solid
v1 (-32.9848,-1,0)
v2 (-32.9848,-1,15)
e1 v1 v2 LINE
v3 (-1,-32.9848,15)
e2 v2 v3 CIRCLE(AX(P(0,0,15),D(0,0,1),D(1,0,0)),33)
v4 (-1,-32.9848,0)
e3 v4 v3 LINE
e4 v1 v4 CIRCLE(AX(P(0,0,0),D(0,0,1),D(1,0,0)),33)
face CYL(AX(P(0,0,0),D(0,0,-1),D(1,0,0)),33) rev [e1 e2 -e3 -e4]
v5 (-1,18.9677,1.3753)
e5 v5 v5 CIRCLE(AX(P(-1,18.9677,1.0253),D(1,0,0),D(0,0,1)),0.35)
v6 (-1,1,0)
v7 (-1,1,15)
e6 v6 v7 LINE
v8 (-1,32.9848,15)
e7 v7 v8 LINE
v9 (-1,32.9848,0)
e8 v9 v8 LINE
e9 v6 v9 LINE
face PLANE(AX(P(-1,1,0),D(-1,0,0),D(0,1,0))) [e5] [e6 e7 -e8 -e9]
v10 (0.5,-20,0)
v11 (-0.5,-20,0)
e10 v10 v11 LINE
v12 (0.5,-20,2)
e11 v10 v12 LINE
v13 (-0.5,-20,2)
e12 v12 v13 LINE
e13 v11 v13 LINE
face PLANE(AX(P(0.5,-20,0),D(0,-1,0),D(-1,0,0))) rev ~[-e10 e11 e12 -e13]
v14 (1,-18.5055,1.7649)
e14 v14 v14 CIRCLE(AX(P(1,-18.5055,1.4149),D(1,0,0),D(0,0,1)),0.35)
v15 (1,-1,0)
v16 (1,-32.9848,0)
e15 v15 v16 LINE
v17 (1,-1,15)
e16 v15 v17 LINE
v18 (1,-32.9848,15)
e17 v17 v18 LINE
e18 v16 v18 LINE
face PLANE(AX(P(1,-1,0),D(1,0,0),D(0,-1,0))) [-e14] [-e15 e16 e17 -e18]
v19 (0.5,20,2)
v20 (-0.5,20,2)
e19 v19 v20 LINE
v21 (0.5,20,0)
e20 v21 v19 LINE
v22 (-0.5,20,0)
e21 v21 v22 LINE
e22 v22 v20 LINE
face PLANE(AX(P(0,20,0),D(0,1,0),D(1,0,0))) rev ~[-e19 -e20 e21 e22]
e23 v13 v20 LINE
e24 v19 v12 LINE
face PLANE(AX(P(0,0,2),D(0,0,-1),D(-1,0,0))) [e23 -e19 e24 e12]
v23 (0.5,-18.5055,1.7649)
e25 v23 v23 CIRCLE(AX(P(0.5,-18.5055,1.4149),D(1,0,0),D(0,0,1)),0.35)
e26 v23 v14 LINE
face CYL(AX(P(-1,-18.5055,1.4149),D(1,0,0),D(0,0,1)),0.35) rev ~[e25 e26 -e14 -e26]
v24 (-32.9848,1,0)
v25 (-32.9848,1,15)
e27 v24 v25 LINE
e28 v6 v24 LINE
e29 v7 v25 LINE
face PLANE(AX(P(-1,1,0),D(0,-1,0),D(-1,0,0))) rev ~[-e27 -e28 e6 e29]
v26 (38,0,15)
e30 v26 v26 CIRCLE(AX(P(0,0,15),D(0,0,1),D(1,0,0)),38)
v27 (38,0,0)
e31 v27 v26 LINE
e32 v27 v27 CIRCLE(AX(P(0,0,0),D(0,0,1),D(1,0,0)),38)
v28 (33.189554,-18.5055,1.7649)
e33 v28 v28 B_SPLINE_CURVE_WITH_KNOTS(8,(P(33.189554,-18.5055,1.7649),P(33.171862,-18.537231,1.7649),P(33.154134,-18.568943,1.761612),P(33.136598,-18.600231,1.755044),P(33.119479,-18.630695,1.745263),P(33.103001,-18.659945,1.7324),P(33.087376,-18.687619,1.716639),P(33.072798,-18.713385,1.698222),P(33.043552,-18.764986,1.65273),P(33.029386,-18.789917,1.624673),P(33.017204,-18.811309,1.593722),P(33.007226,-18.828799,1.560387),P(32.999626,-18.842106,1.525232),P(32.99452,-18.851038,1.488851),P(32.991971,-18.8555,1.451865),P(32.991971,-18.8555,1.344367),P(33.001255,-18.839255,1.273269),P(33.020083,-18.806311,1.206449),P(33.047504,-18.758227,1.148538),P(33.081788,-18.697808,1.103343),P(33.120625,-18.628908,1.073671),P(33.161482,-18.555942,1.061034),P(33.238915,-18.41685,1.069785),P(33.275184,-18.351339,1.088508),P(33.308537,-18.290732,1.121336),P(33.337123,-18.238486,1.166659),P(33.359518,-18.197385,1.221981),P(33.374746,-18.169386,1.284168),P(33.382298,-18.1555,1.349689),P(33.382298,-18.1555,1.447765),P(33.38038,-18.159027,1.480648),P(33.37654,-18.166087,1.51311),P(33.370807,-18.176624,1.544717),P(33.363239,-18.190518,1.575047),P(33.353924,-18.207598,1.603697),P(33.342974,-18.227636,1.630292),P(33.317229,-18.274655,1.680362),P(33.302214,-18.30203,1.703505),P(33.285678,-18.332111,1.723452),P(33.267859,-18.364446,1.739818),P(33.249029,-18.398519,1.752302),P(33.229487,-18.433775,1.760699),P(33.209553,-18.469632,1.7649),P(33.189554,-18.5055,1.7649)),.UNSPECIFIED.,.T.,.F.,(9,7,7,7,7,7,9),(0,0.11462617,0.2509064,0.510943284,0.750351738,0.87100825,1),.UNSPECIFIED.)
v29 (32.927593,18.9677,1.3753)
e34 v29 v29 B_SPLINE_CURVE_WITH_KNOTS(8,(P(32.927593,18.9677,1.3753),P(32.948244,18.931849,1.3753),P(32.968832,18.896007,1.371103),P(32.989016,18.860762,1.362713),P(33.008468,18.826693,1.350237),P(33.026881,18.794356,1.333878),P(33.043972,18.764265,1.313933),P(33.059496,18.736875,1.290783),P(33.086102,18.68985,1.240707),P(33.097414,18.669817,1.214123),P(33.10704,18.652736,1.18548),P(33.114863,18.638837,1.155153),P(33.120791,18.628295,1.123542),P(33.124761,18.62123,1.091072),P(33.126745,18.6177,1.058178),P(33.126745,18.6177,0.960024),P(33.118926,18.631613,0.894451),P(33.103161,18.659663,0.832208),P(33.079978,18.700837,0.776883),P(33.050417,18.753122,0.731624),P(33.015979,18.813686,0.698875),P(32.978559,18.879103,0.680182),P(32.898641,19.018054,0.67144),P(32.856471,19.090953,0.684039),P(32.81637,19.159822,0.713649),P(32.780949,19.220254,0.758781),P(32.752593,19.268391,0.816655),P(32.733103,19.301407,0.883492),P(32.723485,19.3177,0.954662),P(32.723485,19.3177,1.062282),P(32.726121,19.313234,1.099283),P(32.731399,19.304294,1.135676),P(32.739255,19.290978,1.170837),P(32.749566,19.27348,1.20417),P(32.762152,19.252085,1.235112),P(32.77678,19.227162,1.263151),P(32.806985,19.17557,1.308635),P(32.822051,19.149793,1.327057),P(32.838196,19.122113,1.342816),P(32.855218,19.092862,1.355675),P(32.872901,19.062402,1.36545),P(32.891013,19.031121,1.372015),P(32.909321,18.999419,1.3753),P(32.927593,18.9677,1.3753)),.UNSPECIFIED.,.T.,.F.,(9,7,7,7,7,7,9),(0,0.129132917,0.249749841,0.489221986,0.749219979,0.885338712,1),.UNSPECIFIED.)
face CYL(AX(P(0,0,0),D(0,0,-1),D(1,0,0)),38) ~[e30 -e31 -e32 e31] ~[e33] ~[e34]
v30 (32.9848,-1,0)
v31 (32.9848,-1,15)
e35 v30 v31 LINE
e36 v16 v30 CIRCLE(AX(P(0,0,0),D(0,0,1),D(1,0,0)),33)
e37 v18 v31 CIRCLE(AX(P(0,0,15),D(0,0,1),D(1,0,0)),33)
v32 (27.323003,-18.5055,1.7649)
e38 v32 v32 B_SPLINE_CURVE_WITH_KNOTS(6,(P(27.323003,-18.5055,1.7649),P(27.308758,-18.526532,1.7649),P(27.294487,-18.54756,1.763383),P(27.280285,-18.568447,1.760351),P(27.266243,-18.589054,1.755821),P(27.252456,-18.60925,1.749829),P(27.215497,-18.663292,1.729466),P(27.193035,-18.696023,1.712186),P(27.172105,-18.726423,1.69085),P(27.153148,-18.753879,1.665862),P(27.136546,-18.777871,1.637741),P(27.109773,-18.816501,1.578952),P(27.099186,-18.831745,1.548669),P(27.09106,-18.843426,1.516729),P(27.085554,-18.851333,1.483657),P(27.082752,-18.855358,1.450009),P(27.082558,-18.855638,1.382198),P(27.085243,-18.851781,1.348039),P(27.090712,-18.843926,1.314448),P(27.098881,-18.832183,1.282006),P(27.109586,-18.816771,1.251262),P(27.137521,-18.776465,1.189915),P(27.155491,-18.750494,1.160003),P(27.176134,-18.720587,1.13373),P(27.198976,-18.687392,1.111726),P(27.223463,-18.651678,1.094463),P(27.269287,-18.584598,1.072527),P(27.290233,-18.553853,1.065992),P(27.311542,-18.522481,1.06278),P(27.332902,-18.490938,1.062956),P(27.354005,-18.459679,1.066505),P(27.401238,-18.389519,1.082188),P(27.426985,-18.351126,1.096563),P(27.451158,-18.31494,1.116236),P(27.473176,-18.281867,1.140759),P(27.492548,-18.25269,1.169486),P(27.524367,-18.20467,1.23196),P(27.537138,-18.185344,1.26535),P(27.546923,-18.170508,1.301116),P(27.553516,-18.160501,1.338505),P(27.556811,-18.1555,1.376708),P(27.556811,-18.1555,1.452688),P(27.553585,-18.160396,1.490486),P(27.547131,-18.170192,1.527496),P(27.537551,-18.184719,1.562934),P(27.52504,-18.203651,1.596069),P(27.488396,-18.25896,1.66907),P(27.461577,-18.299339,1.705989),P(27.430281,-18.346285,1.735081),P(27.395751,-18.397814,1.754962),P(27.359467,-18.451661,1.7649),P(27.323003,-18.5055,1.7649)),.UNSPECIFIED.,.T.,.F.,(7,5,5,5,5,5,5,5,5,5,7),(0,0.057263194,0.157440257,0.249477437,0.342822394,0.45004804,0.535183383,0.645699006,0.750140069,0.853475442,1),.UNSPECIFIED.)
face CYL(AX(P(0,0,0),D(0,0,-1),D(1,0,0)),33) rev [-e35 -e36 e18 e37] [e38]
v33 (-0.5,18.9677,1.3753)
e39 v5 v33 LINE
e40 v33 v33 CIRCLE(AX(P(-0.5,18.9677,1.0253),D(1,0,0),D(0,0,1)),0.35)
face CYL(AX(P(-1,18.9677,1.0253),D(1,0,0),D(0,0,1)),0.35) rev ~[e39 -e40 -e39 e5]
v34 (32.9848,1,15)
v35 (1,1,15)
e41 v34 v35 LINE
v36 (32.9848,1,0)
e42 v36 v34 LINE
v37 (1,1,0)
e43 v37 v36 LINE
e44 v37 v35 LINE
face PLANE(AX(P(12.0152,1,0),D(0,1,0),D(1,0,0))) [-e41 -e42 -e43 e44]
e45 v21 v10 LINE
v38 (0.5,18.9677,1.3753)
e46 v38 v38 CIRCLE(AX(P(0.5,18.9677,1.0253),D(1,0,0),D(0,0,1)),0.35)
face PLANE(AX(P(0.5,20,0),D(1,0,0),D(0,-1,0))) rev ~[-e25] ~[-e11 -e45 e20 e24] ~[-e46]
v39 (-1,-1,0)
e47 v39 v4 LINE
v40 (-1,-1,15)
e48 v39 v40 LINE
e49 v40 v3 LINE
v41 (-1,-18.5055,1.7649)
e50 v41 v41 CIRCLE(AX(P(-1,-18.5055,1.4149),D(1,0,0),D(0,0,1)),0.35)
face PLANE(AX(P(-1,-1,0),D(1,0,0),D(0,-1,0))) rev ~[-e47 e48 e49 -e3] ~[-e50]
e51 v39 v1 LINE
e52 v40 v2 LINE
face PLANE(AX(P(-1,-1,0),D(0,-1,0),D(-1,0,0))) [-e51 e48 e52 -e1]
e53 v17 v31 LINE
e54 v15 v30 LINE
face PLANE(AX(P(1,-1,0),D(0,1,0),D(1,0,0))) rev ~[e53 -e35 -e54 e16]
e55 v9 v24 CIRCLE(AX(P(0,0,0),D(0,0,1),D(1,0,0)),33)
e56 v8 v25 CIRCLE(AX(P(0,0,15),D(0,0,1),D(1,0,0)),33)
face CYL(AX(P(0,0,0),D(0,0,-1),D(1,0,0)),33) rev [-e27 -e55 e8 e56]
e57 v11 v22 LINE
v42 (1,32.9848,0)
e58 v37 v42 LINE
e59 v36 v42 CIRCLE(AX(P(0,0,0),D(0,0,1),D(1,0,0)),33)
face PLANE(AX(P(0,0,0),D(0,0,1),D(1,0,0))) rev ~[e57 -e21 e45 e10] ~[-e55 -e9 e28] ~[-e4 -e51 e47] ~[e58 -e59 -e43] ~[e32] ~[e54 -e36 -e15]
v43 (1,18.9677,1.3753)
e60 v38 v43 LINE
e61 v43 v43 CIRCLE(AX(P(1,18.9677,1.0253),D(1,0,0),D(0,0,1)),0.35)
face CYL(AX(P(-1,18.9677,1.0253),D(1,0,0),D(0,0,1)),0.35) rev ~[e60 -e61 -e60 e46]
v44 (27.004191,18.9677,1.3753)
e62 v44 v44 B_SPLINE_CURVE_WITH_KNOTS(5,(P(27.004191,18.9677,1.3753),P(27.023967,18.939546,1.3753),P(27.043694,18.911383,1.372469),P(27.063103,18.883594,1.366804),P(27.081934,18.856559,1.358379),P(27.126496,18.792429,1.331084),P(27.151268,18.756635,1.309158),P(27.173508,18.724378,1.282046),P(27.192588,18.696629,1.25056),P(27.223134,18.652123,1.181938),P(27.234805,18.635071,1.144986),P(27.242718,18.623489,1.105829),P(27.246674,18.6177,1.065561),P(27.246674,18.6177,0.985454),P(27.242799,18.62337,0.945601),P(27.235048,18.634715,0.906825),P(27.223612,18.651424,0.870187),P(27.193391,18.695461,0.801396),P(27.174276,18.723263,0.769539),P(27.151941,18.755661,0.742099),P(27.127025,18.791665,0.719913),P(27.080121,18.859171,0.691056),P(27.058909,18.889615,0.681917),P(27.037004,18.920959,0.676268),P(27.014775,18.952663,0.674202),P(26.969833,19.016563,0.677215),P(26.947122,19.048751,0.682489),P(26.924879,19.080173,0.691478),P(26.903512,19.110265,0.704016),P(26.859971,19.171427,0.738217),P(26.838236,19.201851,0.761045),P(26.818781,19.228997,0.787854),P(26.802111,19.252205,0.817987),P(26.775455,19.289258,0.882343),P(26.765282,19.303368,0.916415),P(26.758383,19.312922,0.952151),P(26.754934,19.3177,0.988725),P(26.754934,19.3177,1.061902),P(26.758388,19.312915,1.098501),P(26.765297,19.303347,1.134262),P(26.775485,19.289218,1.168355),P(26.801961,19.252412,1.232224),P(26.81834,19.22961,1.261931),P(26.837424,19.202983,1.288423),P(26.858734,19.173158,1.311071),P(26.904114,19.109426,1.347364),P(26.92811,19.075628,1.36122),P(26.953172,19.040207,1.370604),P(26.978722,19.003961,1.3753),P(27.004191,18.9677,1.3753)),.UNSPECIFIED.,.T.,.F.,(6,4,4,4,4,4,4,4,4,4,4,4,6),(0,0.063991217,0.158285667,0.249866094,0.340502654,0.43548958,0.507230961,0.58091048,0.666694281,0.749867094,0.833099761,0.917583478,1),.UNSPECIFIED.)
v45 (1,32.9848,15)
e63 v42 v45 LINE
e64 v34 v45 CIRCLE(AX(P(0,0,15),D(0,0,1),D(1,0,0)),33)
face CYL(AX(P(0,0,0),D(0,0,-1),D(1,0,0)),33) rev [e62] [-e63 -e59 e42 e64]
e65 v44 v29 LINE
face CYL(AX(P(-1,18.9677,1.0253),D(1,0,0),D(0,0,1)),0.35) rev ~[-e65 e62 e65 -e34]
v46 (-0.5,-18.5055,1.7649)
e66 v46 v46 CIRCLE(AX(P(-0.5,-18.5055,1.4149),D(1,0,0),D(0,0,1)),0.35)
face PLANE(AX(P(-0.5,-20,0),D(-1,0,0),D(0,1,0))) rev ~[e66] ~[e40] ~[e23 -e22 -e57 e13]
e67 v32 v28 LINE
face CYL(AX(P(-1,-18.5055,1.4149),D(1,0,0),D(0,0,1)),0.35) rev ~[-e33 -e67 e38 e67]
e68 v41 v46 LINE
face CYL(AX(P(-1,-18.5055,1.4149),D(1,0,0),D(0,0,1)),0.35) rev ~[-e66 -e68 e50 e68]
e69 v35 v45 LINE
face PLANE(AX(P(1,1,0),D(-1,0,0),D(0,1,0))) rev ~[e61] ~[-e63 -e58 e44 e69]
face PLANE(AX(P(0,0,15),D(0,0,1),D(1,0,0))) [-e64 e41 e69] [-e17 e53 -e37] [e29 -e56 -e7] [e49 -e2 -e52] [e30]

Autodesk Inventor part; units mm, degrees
ref_plane "YZ Plane" through (0, 0, 0) normal (1, 0, 0) x (0, 1, 0)
ref_plane "XZ Plane" through (0, 0, 0) normal (0, 1, 0) x (-1, 0, 0)
ref_plane "XY Plane" through (0, 0, 0) normal (0, 0, 1) x (1, 0, 0)
sketch "Sketch1" plane through (0, 0, 0) normal (0, 0, 1) x (1, 0, 0)
  circle A0 centre (0, 0) radius 38
  circle A1 centre (0, 0) radius 33
  dimension "d0" = 76
  dimension "d1" = 66
extrude "Extrusion1" add sketch "Sketch1" along normal blind 15
sketch "Sketch2" plane through (0, 0, 0) normal (0, 0, -1) x (-1, 0, 0)
  circle A0 centre (0, 0) radius 33 projected
  line L0 (0.0152, 1) -> (-32.9848, 1)
  line L1 (0.0152, -1) -> (-32.9848, -1)
  line L2 (0.0152, 1) -> (-12.0152, 1)
  circle A1 centre (0, 0) radius 33
  line L3 (0.0152, -1) -> (0.0152, 1)
  line L4 (-1, 0.0152) -> (-1, -32.9848)
  line L5 (1, 0.0152) -> (1, -32.9848)
  line L6 (-0.0152, -1) -> (32.9848, -1)
  line L7 (-0.0152, 1) -> (32.9848, 1)
  line L8 (1, -0.0152) -> (1, 32.9848)
  line L9 (-1, -0.0152) -> (-1, 32.9848)
  point P0 (-1, 1)
  point P1 (-1, -1)
  point P2 (1, -1)
  point P3 (1, 1)
  dimension "d12" = 2
  dimension "d17" = 66
  dimension "d18" = 33
  dimension "d19" = 33
  dimension "d22" = 360
extrude "Extrusion2" add sketch "Sketch2" against normal blind 15 contours A0 L6 L5 L8 L7 | L8 L7 L0 L9 A0 | L8 L5 L6 L3 L7 | A0 L4 L1 L6 L5 | L3 L1 L4 L9 L0 | L0 L9 L4 L1 A0
sketch "Sketch3" plane through (0, 0, 0) normal (0, 0, -1) x (-1, 0, 0)
  line L0 (0, 20) -> (-0.5, 20)
  line L1 (-0.5, 20) -> (-0.5, -20)
  line L2 (-0.5, -20) -> (0.5, -20)
  line L3 (0.5, -20) -> (0.5, 20)
  line L4 (0.5, 20) -> (0, 20)
  point P0 (0, 0)
  dimension "d27" = 20
  dimension "d29" = 40
  dimension "d30" = 1
  dimension "d31" = 40
extrude "Extrusion3" cut sketch "Sketch3" against normal blind 2
sketch "Sketch4" plane through (-1, 1, 0) normal (-1, 0, 0) x (0, 0, 1)
  point P0 (0, -1)
  point P1 (1.0253, 17.9677)
hole "Hole1" at (-1, 18.9677, 1.0253) direction (1, 0, 0) diameter 0.7 end through all
sketch "Sketch5" plane through (-1, -32.9848, 0) normal (-1, 0, 0) x (0, 0, 1)
  point P0 (0, 32.9848)
  point P1 (1.4149, 14.4794)
hole "Hole2" at (-1, -18.5055, 1.4149) direction (1, 0, 0) diameter 0.7 end through all
properties part number "SUJETADOR_MICRO"
